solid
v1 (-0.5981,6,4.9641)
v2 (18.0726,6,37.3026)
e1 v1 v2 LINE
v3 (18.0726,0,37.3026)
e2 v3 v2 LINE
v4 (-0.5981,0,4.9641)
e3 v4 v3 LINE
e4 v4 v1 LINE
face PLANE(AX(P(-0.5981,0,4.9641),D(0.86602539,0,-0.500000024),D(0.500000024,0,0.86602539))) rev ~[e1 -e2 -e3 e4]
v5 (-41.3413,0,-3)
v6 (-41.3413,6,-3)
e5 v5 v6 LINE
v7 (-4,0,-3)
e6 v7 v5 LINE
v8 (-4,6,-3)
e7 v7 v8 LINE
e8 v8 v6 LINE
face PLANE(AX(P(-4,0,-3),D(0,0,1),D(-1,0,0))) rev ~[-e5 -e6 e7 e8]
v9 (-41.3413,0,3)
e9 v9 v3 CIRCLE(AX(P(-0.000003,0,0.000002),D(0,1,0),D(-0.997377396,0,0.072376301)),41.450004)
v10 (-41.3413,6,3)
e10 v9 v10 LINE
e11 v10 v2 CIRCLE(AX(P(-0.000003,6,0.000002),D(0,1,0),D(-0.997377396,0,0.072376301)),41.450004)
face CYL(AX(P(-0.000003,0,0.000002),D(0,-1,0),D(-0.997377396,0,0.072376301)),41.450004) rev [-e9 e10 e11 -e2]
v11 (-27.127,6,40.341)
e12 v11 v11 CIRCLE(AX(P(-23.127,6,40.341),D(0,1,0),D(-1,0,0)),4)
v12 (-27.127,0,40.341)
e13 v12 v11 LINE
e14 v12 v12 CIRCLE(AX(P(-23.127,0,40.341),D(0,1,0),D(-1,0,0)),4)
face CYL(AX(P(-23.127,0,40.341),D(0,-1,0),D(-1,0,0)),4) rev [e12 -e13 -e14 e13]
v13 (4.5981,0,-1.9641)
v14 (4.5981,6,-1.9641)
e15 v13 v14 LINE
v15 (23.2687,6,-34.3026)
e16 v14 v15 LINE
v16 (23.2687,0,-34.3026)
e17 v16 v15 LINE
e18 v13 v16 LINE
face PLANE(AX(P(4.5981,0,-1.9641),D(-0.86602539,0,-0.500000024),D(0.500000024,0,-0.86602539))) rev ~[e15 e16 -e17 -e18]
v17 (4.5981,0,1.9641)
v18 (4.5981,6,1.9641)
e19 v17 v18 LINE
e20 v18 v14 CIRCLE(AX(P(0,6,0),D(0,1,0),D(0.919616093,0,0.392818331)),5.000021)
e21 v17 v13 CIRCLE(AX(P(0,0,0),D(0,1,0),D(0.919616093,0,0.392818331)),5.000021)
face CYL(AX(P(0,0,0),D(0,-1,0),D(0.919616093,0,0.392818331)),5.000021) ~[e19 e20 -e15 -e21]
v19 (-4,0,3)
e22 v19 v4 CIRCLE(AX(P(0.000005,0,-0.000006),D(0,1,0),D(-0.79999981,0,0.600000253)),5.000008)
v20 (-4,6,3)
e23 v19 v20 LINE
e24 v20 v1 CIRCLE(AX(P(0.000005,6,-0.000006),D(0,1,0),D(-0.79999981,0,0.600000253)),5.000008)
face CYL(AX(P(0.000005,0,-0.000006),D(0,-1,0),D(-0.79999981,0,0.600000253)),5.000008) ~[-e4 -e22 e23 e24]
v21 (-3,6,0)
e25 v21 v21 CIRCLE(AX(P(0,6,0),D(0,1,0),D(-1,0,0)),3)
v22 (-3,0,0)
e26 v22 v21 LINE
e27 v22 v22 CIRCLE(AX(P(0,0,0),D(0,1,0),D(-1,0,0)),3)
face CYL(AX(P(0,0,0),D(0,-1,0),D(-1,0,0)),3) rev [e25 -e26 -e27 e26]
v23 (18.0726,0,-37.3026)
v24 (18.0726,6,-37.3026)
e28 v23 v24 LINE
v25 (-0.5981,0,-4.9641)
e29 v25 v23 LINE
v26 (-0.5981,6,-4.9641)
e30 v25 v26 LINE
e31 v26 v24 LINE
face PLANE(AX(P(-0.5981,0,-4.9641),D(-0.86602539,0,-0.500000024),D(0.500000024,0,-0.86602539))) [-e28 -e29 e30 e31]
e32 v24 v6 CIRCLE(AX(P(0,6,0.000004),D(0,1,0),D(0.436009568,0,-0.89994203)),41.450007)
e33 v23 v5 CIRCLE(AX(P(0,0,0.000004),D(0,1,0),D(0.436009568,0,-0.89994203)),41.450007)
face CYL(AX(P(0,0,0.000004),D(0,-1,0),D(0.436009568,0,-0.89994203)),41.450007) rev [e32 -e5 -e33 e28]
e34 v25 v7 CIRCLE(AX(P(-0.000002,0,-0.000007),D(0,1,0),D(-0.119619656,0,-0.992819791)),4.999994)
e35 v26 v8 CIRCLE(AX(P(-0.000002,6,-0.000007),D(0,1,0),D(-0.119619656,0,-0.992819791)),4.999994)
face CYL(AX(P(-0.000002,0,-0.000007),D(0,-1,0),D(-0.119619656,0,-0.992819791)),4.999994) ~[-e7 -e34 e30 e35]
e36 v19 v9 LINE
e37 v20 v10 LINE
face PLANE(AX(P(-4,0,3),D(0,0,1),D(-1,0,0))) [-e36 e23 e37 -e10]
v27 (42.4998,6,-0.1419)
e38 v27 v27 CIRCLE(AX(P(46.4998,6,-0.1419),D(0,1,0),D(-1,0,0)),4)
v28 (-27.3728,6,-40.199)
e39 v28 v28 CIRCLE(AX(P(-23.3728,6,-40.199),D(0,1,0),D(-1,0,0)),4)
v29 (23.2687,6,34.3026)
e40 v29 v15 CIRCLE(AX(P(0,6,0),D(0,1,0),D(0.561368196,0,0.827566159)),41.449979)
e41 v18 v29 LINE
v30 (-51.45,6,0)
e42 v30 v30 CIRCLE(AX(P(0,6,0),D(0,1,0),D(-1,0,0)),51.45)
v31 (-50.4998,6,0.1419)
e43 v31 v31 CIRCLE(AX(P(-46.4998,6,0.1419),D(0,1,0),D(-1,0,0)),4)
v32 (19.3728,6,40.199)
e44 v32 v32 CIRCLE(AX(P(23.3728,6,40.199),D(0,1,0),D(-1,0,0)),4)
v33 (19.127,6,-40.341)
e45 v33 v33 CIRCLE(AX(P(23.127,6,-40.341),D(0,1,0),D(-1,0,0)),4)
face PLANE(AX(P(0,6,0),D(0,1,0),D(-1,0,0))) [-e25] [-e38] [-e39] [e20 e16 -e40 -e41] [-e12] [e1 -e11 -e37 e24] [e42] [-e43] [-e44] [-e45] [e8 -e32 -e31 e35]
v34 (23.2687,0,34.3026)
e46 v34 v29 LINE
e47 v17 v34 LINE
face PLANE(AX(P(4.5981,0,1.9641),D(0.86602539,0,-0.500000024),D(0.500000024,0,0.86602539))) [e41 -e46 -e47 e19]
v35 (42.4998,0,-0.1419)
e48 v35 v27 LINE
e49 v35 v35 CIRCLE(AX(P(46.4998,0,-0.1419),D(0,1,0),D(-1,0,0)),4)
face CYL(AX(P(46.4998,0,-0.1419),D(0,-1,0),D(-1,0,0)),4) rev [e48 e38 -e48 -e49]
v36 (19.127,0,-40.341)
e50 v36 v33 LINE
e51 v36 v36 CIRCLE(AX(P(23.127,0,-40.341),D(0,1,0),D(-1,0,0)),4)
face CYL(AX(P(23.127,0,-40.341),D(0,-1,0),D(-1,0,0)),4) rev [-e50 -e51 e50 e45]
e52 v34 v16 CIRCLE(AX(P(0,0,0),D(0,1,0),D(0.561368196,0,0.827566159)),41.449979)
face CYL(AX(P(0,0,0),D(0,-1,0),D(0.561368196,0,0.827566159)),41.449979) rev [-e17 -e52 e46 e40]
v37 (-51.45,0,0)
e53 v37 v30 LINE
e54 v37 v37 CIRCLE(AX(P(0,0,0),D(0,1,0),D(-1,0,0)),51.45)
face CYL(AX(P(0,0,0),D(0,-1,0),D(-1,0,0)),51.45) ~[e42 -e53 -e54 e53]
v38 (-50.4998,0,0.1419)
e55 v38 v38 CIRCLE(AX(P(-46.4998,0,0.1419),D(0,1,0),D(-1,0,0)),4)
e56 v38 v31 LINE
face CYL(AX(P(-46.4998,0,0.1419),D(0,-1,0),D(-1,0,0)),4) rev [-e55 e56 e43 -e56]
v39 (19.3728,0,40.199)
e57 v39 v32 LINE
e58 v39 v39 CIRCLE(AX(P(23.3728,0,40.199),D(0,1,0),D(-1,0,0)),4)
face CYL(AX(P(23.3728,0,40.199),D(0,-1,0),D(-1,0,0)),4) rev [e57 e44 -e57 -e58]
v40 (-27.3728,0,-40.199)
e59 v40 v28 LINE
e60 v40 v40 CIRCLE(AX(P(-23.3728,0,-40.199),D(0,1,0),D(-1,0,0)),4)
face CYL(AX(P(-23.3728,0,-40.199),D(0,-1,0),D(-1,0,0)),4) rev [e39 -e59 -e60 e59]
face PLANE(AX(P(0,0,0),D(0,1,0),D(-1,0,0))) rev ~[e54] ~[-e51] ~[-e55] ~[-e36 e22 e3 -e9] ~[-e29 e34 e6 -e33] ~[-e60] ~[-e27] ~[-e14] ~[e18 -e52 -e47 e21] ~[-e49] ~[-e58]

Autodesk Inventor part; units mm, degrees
ref_plane "YZ Plane" through (0, 0, 0) normal (1, 0, 0) x (0, 1, 0)
ref_plane "XZ Plane" through (0, 0, 0) normal (0, 1, 0) x (-1, 0, 0)
ref_plane "XY Plane" through (0, 0, 0) normal (0, 0, 1) x (1, 0, 0)
sketch "Sketch1" plane through (0, 0, 0) normal (0, 1, 0) x (-1, 0, 0)
  circle A0 centre (0, 0) radius 51.45
  circle A1 centre (0, 0) radius 3
  line L0 (4, -3) -> (43.45, -3)
  line L1 (0.5981, 4.9641) -> (-19.1269, 39.1288)
  line L2 (-4.5981, -1.9641) -> (-24.3231, -36.1288)
  line L3 (4, 3) -> (43.45, 3)
  line L4 (-4.5981, 1.9641) -> (-24.3231, 36.1288)
  line L5 (0.5981, -4.9641) -> (-19.1269, -39.1288)
  arc A2 (4, 3) -> (0.5981, 4.9641) centre (0, 0) ccw
  arc A3 (-4.5981, 1.9641) -> (-4.5981, -1.9641) centre (0, 0) ccw
  arc A4 (0.5981, -4.9641) -> (4, -3) centre (0, 0) ccw
  arc A5 (-23.2687, 34.3026) -> (-23.2687, -34.3026) centre (0, 0) ccw
  arc A6 (-18.0726, -37.3026) -> (41.3413, -3) centre (0, 0) ccw
  arc A7 (41.3413, 3) -> (-18.0726, 37.3026) centre (0, 0) ccw
  circle A8 centre (-23.127, -40.341) radius 4
  circle A9 centre (23.3728, -40.199) radius 4
  circle A10 centre (46.4998, 0.1419) radius 4
  circle A11 centre (23.127, 40.341) radius 4
  circle A12 centre (-23.3728, 40.199) radius 4
  circle A13 centre (-46.4998, -0.1419) radius 4
  dimension "d0" = 102.9
  dimension "d2" = 6
  dimension "d7" = 360
  dimension "d9" = 6
  dimension "d12" = 360
  dimension "d16" = 8
  dimension "d17" = 46.5
  dimension "d20" = 360
extrude "Extrusion2" add sketch "Sketch1" along normal blind 6
properties part number "reaction wheel" material "PC/ABS Plastic"
